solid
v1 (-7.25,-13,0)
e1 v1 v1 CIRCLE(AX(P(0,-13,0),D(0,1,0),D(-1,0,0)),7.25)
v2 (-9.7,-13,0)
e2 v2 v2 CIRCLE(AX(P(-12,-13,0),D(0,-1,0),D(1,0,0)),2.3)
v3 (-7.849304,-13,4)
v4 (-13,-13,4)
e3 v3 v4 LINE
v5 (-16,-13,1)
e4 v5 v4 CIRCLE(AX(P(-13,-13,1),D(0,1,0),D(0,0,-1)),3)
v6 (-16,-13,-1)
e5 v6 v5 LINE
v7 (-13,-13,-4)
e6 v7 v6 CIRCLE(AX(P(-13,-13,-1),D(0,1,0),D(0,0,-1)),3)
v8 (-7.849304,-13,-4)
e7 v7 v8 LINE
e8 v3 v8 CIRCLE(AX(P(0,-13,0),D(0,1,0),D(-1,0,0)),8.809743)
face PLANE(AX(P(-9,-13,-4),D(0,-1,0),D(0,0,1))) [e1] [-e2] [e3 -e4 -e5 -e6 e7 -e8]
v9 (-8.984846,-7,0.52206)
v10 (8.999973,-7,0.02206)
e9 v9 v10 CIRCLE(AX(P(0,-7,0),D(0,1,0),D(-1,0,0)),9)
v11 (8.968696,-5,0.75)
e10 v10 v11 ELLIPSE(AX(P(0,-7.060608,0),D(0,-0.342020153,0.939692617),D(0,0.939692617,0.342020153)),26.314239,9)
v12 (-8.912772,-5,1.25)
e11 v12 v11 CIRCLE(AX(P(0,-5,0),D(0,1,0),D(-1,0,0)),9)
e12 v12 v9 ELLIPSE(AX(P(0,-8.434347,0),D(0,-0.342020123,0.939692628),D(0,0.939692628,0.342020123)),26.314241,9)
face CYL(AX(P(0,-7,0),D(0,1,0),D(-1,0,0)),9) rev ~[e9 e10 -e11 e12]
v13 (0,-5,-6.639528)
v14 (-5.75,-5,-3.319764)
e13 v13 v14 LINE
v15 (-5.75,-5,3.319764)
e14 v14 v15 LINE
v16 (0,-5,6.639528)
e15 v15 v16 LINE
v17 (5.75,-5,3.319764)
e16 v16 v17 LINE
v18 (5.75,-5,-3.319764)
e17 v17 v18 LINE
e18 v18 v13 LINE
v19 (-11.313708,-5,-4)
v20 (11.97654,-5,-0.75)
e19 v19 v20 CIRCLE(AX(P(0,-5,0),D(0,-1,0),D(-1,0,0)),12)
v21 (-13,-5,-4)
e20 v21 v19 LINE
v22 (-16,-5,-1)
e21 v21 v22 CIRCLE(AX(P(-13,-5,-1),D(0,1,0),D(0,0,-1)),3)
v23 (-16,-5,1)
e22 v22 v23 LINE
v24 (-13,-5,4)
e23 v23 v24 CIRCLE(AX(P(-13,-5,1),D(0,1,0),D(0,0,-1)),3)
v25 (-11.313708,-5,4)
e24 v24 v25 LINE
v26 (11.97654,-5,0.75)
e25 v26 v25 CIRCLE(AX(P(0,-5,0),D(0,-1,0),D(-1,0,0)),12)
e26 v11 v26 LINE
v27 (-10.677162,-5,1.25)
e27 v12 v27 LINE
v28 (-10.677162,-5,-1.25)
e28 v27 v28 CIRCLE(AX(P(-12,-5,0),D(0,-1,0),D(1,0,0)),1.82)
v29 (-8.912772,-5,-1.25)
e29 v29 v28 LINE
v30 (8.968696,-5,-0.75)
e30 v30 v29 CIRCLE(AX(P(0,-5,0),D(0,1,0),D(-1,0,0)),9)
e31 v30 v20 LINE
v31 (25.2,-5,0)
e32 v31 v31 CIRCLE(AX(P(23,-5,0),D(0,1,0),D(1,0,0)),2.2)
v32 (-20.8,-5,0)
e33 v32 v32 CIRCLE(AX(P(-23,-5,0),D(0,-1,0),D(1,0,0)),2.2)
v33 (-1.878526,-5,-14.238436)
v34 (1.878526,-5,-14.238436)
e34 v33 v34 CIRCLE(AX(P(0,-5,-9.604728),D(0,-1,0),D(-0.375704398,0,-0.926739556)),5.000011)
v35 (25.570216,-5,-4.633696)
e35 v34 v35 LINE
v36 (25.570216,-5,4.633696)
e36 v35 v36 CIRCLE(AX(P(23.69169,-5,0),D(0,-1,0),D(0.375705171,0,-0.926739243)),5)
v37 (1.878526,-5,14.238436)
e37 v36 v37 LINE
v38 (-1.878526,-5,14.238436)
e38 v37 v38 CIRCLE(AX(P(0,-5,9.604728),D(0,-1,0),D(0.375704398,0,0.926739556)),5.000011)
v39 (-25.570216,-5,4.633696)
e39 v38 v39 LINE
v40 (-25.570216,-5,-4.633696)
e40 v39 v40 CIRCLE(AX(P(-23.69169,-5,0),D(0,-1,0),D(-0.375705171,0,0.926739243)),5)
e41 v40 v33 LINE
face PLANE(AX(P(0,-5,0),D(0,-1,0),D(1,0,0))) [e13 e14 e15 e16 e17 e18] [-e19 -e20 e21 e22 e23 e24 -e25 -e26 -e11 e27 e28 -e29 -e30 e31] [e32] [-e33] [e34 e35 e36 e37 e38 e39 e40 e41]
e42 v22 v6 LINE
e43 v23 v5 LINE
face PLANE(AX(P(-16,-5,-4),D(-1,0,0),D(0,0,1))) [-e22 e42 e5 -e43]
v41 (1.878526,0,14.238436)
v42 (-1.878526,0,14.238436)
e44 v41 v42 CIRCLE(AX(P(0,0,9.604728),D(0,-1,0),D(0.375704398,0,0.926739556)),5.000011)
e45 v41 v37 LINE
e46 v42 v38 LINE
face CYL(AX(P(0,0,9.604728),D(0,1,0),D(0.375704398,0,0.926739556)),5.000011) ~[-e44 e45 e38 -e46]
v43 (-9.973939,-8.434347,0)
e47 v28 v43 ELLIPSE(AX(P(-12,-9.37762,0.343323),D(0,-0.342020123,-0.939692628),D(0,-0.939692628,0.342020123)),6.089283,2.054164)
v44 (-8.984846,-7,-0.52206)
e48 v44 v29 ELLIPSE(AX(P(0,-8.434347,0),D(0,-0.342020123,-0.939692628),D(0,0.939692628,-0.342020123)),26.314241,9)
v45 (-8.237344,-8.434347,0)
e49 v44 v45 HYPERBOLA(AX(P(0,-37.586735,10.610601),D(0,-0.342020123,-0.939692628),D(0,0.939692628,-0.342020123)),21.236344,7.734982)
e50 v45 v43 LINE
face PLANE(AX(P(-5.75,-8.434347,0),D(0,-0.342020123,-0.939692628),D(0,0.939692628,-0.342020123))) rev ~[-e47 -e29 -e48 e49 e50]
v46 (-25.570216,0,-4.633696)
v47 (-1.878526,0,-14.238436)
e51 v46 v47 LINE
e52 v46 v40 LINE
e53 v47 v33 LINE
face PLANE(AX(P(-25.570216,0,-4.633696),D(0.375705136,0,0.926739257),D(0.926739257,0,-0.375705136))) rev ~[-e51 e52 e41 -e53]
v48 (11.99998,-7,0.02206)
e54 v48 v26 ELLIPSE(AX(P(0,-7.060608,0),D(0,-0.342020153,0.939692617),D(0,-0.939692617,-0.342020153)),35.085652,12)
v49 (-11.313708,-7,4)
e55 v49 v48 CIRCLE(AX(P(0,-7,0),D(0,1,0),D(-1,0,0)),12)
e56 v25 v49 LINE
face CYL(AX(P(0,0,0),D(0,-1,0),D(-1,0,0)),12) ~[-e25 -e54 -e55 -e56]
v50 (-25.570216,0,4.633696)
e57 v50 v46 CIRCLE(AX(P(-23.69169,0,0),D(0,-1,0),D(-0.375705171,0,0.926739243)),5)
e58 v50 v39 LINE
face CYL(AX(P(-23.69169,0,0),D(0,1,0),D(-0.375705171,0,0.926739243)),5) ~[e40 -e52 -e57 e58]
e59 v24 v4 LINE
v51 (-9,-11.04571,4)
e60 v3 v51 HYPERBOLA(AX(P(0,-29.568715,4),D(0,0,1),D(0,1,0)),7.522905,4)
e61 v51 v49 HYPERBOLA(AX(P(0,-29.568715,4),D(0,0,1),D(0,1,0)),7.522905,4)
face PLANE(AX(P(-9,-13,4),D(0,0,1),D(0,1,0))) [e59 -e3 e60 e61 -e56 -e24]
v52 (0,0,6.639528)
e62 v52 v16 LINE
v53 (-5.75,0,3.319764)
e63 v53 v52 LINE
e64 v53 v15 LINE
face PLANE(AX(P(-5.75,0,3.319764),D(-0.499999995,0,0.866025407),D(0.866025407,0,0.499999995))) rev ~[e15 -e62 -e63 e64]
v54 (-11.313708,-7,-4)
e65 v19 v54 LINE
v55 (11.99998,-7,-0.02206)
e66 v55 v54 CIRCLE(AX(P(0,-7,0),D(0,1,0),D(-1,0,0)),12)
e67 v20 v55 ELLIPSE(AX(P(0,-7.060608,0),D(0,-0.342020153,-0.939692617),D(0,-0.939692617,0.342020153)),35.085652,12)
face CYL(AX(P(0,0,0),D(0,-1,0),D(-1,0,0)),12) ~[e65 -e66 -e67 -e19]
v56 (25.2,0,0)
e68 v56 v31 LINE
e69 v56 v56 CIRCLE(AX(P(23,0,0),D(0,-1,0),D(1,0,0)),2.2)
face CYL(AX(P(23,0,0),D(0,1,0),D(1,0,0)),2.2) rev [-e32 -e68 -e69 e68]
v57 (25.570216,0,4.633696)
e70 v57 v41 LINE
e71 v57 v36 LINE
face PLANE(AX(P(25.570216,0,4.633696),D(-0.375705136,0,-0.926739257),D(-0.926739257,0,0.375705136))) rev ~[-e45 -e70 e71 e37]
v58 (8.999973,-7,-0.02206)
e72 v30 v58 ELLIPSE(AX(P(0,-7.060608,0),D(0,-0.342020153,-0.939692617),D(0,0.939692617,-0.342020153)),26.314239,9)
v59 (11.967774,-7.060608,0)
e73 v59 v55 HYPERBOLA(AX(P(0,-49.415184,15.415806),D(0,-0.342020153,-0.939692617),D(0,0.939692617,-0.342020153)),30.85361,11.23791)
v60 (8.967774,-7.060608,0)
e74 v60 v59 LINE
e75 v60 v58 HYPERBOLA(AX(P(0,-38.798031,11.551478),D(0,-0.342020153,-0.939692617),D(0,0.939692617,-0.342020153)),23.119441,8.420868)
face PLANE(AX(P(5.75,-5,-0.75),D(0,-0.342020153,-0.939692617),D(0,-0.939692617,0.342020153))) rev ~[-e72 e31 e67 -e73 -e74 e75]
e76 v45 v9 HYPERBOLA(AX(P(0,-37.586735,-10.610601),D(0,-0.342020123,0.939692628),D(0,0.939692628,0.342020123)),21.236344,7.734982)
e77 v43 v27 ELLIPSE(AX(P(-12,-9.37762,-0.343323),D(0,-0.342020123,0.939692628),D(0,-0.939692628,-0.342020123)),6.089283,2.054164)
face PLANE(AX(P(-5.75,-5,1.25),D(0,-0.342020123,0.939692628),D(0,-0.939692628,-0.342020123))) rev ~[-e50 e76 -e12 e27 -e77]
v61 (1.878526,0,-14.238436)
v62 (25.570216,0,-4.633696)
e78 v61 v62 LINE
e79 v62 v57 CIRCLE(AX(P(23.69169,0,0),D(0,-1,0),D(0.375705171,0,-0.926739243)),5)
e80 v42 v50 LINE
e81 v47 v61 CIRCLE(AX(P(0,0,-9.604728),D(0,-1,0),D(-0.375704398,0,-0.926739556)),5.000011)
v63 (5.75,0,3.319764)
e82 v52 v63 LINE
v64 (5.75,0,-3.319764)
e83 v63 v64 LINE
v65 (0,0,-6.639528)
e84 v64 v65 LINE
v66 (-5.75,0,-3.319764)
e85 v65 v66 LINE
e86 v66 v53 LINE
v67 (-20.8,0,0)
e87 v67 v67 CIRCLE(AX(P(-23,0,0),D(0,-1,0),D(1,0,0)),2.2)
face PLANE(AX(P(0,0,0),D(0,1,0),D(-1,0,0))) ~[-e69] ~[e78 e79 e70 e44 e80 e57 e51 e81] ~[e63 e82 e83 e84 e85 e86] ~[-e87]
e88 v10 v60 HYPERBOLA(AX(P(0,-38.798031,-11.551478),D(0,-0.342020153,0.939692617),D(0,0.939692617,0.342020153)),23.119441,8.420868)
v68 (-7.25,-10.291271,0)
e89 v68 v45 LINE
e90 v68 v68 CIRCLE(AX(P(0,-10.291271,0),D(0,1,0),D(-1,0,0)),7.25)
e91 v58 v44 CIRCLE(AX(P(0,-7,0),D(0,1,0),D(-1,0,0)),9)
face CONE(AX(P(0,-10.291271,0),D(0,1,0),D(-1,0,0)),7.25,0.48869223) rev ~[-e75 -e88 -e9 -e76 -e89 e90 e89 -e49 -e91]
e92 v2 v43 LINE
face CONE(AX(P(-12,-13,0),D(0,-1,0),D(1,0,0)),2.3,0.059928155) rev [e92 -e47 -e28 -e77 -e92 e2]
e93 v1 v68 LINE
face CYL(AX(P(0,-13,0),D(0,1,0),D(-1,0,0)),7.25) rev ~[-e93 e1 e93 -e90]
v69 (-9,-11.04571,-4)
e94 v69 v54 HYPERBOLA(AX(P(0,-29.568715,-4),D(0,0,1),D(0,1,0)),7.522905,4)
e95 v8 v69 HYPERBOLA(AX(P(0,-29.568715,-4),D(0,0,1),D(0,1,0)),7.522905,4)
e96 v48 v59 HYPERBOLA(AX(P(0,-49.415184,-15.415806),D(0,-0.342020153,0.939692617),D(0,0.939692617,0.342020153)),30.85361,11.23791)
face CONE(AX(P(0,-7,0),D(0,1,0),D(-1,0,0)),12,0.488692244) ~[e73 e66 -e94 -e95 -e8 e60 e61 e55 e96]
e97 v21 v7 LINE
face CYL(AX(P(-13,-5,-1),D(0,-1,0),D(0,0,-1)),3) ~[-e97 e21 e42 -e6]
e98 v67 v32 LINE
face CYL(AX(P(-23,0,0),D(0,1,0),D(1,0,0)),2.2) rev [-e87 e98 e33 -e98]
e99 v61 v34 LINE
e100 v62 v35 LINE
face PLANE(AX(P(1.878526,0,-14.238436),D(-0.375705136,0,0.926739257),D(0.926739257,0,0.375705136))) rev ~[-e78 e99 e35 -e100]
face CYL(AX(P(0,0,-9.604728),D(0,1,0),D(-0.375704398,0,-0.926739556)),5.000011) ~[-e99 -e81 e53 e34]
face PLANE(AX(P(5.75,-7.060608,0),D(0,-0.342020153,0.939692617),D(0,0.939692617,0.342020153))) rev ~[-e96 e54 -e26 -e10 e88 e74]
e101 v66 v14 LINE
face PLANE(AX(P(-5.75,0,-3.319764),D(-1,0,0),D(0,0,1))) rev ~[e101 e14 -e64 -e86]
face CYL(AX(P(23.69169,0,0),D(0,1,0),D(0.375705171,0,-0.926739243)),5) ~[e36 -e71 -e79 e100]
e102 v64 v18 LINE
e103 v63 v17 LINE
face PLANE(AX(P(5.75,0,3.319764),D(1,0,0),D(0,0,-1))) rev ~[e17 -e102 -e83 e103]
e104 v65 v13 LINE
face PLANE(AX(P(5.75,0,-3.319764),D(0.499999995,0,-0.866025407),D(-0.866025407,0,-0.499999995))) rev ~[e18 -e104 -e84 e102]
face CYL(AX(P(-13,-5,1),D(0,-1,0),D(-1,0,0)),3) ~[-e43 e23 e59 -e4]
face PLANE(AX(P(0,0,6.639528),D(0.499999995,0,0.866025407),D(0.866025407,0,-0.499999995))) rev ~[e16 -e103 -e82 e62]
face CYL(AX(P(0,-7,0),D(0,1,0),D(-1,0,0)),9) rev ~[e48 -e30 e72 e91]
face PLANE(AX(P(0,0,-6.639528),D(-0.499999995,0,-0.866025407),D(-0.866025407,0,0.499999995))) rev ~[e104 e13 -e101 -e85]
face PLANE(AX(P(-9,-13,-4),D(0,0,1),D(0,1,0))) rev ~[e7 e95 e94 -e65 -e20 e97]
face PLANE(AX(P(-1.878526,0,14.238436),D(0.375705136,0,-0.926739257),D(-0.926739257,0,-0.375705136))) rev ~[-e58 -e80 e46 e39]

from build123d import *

# Parameters (mm, degrees)
F0_R      = 2.2
F1_DEPTH  = 5
F5_W      = 7
F5_H      = 8
F6_DEPTH  = 8
F10_DEPTH = 7
F12_DEPTH = 22.94269
F13_W     = 1.95429
F13_H     = 8
F14_DEPTH = 1.5
F15_R     = 3
F16_R     = 3


with BuildPart() as f1:
    # F0 (on Front) → F1 (new body)
    with BuildSketch(Plane.XZ):
        with BuildLine():
            Line((-1.878526, 14.238436), (-25.570216, 4.633696))
            ThreePointArc((-25.570216, 4.633696), (-28.69169, 0), (-25.570216, -4.633696))
            Line((-25.570216, -4.633696), (-1.878526, -14.238436))
            ThreePointArc((-1.878526, -14.238436), (0, -14.604739), (1.878526, -14.238436))
            Line((1.878526, -14.238436), (25.570216, -4.633696))
            ThreePointArc((25.570216, -4.633696), (28.69169, 0), (25.570216, 4.633696))
            Line((25.570216, 4.633696), (1.878526, 14.238436))
            ThreePointArc((1.878526, 14.238436), (0, 14.604739), (-1.878526, 14.238436))
        make_face()
        with Locations((-23, 0)):
            Circle(F0_R, mode=Mode.SUBTRACT)
        Polygon((0, 6.639528), (5.75, 3.319764), (5.75, -3.319764), (0, -6.639528), (-5.75, -3.319764), (-5.75, 3.319764), align=None, mode=Mode.SUBTRACT)
        with Locations((23, 0)):
            Circle(F0_R, mode=Mode.SUBTRACT)
    extrude(amount=F1_DEPTH)

    # F3 (on Top) → F4 (revolve)
    with BuildSketch(Plane.XY):
        Polygon((-9, 0), (-12, 0), (-12, -7), (-8.809743, -13), (-7.25, -13), (-7.25, -10.291271), (-9, -7), align=None)
    revolve(axis=Axis((0, -6.211402, 0), (0, 1, 0)))

    # F5 (on face) → F6 (join)
    with BuildSketch(Plane.XZ.offset(5)):
        with Locations((-12.5, 0)):
            Rectangle(F5_W, F5_H)
    extrude(amount=F6_DEPTH)

    # F7 (on Top) → F8 (revolve, cut)
    with BuildSketch(Plane.XY):
        Polygon((-12, -13), (-9.7, -13), (-10.18, -5), (-12, -5), align=None)
    revolve(axis=Axis((-12, -9.796117, 0), (0, -1, 0)), mode=Mode.SUBTRACT)

    # F9 (on face) → F10 (cut)
    with BuildSketch(Plane.YZ.offset(-5.75)):
        Polygon((-8.434347, 0), (-5, -1.25), (-5, 1.25), align=None)
    extrude(amount=-F10_DEPTH, mode=Mode.SUBTRACT)

    # F11 (on face) → F12 (cut, through all)
    with BuildSketch(Plane(origin=(5.75, 0, 0), x_dir=(0, -1, 0), z_dir=(-1, 0, 0))):
        Polygon((7.060608, 0), (5, 0.75), (5, -0.75), align=None)
    extrude(amount=-F12_DEPTH, mode=Mode.SUBTRACT)

    # F13 (on face) → F14 (join)
    with BuildSketch(Plane.YZ.offset(-9)):
        with Locations((-12.022855, 0)):
            Rectangle(F13_W, F13_H)
    extrude(amount=F14_DEPTH)

    # F15
    f15_edges = [f1.edges().sort_by_distance(p)[0] for p in [
        (-16, -9, -4),
    ]]
    fillet(f15_edges, radius=F15_R)

    # F16
    f16_edges = [f1.edges().sort_by_distance(p)[0] for p in [
        (-16, -9, 4),
    ]]
    fillet(f16_edges, radius=F16_R)


solid = f1.part
